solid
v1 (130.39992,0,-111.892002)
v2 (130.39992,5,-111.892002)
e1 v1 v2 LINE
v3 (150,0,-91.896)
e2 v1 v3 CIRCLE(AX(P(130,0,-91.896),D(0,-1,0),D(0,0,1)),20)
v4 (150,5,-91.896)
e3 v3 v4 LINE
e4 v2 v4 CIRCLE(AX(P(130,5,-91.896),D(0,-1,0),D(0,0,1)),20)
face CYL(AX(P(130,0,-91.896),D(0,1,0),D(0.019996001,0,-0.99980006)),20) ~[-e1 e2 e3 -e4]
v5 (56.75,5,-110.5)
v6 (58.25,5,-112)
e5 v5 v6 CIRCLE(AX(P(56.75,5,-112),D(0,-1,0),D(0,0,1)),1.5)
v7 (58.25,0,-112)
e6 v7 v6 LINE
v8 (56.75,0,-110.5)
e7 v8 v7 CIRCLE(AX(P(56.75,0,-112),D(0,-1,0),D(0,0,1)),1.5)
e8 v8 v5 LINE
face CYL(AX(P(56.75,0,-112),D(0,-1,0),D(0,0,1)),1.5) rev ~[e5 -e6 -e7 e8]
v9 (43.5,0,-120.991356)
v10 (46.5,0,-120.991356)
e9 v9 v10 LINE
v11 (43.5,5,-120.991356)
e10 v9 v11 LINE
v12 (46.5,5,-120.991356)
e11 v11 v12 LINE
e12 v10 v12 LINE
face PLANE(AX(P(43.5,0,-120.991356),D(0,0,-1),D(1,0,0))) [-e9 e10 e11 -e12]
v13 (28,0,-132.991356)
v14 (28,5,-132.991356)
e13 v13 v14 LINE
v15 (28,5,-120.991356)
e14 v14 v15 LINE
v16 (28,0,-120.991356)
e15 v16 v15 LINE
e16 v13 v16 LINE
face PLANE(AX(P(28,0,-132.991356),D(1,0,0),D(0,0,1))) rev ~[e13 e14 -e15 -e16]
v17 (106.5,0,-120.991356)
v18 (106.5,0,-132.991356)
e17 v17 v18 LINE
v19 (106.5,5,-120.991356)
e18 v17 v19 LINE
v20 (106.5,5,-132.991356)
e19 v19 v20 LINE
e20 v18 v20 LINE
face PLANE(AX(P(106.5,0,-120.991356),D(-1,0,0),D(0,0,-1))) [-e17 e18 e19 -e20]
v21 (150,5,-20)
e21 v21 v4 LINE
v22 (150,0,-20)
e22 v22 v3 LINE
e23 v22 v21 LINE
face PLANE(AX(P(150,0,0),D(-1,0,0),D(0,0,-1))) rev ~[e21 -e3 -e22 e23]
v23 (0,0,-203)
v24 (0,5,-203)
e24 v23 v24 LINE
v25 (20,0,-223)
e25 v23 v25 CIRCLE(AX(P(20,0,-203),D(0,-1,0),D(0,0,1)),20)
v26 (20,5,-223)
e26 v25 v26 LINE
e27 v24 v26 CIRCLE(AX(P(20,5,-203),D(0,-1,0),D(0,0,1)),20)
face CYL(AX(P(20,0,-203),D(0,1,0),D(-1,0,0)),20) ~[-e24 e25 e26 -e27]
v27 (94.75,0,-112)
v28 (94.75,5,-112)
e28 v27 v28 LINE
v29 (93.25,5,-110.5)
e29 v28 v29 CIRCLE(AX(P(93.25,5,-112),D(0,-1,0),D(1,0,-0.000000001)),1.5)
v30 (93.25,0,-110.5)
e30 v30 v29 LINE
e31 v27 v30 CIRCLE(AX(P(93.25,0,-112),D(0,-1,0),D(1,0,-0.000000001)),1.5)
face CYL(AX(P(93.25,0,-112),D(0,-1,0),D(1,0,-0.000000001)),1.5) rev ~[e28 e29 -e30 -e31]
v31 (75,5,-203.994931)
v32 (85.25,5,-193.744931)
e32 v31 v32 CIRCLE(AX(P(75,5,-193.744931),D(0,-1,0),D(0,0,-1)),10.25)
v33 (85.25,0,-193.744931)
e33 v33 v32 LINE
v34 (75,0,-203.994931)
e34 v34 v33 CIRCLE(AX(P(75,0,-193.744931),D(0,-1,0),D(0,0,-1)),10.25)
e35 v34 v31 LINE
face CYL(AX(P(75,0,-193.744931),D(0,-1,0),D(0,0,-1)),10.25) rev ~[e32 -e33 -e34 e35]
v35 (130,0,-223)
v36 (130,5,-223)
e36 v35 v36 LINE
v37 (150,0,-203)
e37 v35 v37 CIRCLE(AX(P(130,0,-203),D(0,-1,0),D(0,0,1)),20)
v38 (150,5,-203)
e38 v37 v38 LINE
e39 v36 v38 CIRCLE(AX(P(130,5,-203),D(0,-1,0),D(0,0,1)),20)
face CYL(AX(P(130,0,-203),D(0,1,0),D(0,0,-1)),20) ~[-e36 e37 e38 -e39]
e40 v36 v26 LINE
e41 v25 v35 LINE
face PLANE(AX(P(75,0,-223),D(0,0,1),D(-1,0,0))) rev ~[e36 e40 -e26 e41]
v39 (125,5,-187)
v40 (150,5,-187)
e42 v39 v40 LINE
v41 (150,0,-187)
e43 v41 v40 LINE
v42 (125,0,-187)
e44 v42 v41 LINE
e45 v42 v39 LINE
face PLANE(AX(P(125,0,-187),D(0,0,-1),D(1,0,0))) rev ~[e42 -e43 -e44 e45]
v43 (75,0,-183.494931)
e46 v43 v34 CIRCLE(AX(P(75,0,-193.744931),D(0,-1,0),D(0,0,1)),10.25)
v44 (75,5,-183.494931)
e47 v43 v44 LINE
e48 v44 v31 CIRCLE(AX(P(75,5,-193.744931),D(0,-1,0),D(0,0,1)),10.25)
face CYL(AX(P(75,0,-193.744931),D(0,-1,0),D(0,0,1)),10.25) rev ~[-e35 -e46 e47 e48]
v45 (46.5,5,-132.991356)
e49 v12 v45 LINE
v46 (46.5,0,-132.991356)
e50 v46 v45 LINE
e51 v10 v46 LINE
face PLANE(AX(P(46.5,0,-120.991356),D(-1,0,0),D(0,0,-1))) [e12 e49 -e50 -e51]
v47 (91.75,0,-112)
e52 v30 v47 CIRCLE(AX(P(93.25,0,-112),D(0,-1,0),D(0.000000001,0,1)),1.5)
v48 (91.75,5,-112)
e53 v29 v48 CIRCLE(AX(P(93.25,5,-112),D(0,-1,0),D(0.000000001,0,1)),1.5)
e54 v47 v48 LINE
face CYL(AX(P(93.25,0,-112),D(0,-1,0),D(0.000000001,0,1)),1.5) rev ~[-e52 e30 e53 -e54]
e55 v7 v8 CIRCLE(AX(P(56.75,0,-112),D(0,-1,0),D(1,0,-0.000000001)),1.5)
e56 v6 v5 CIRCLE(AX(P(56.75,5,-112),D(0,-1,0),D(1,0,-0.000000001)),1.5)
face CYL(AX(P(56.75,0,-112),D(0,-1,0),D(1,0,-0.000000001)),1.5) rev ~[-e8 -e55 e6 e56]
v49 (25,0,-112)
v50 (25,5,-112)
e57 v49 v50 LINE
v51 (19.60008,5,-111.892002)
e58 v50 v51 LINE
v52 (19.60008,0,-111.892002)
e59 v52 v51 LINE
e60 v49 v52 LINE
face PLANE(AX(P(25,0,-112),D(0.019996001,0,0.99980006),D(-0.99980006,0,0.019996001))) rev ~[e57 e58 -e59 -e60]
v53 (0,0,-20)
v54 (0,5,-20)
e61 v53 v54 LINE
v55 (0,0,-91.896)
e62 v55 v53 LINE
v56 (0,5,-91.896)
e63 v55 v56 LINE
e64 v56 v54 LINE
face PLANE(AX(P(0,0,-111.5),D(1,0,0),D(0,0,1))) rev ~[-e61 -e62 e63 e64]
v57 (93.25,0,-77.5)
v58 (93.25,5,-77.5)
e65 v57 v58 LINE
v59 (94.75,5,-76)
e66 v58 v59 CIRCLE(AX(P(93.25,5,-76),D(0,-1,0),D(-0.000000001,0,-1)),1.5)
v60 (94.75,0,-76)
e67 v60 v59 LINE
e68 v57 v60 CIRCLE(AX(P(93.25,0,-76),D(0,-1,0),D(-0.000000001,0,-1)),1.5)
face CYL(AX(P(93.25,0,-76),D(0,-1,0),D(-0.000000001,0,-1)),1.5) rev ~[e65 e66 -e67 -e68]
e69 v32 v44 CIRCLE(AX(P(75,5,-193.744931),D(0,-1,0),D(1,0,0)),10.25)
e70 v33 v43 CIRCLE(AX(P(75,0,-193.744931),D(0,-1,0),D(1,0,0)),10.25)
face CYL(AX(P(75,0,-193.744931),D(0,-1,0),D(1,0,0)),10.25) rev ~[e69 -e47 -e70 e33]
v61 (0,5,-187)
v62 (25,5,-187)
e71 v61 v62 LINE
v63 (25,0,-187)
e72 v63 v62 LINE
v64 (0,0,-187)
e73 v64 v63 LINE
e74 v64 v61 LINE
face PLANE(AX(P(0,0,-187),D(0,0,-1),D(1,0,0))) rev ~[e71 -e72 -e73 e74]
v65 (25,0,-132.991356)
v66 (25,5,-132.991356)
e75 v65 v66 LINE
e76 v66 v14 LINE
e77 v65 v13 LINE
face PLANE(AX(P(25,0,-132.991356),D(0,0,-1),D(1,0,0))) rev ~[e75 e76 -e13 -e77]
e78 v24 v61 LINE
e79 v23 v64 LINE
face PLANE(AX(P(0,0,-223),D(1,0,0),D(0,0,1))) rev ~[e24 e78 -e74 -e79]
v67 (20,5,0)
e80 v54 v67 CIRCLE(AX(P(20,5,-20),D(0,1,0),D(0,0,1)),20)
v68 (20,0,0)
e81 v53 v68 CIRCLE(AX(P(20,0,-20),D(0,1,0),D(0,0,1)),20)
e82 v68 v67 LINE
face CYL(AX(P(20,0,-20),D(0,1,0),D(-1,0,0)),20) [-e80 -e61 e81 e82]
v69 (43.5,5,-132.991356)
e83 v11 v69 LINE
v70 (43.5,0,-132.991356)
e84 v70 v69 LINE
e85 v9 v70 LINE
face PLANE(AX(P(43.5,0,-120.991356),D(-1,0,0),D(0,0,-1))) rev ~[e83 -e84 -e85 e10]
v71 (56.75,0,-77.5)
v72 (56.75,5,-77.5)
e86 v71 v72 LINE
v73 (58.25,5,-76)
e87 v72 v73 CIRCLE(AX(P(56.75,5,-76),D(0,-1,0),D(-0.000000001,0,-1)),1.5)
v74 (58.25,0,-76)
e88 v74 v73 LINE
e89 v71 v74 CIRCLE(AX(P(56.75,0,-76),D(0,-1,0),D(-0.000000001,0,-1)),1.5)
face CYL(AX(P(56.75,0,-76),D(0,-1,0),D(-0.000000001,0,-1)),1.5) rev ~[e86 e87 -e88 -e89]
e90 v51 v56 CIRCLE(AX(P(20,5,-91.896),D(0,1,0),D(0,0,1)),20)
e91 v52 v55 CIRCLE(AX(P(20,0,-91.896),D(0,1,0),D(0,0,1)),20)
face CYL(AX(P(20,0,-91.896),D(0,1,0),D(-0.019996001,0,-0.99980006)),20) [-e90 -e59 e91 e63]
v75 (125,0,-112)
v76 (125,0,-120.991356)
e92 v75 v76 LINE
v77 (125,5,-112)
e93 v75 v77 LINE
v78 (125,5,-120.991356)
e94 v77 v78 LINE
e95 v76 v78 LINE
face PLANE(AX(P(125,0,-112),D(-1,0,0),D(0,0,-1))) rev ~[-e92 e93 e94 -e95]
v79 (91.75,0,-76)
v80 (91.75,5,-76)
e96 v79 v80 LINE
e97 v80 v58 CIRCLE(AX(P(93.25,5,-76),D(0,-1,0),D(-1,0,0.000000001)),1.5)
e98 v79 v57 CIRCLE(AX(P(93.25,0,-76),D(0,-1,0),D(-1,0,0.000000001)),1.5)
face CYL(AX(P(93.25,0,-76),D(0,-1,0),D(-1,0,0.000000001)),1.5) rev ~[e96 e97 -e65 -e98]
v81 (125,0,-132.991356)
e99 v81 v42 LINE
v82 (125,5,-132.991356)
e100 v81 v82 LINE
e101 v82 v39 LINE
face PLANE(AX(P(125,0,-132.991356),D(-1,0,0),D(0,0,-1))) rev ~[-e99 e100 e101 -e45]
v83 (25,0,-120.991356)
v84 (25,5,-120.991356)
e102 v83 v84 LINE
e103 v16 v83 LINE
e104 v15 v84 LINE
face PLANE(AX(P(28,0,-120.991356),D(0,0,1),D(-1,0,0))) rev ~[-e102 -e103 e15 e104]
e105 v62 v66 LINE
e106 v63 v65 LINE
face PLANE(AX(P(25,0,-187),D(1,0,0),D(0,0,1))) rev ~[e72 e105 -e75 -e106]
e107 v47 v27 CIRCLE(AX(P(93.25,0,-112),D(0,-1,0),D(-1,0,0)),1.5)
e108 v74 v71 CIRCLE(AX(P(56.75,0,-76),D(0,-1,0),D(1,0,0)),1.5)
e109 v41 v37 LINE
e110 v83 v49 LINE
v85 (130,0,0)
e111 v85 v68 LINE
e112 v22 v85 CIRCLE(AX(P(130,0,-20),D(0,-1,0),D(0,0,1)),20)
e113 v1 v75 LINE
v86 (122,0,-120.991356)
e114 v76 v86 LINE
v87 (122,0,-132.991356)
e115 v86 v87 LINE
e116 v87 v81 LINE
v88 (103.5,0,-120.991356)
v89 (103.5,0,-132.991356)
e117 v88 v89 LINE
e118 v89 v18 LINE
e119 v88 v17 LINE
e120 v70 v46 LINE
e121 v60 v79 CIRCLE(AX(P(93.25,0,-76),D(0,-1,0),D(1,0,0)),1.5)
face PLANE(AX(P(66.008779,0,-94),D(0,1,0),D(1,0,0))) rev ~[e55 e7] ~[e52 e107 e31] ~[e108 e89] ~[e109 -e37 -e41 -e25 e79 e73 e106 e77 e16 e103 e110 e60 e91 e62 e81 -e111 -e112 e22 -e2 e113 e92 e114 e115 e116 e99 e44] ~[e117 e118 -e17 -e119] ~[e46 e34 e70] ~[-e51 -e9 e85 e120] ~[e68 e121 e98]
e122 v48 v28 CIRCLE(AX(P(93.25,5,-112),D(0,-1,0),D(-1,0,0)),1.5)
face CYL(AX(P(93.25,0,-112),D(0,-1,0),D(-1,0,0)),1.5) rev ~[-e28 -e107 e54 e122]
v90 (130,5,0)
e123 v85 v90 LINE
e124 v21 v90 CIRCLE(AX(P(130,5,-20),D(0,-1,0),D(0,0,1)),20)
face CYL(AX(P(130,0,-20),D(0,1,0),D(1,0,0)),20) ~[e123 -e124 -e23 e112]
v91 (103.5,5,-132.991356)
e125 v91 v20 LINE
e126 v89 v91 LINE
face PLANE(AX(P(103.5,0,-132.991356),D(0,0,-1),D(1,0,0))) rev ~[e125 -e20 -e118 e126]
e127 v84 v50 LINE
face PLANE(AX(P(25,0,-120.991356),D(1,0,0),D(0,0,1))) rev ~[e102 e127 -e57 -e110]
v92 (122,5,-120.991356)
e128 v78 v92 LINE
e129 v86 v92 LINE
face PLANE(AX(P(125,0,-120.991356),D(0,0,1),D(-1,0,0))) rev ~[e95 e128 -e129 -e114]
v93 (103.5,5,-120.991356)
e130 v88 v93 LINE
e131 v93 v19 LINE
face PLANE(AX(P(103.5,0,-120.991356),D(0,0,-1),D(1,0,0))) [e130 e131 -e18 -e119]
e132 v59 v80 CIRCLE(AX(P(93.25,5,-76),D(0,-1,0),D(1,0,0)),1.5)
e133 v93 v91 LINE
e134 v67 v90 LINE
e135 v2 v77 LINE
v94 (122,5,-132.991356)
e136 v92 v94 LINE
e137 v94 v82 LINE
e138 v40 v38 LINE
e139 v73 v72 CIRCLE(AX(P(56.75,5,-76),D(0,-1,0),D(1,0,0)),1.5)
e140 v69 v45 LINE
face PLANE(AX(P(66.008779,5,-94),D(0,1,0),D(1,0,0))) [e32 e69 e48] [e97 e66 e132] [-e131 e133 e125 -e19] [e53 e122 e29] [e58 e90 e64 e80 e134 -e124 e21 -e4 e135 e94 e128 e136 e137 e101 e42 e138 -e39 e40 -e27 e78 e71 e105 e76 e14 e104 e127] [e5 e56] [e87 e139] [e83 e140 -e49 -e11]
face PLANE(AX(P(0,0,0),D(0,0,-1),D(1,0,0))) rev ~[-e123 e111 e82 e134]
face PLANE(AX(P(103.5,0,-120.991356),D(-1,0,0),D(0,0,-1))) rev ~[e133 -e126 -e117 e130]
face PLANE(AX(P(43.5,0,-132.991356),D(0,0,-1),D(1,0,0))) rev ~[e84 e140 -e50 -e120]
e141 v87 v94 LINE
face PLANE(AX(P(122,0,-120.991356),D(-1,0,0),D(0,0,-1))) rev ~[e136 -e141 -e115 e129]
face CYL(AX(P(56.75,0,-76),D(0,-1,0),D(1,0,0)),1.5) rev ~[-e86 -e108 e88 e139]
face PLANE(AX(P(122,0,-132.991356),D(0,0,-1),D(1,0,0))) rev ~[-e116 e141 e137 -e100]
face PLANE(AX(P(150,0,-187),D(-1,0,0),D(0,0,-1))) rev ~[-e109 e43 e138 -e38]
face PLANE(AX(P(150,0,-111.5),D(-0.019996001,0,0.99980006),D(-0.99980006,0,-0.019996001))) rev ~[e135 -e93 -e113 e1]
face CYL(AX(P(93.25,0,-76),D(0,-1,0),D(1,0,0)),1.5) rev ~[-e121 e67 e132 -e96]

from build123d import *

# Parameters (mm, degrees)
SKETCH1_W           = 3
SKETCH1_H           = 12
BOSS_EXTRUDE1_DEPTH = 5
FILLET3_R           = 20
FILLET4_R           = 20
FILLET5_R           = 20


with BuildPart() as part:
    # Sketch1 → Boss-Extrude1 (new body)
    # profile 1 of 4: a face of its own
    with BuildSketch(Plane(origin=(0, 0, 0), x_dir=(1, 0, 0), z_dir=(0, 1, 0))):
        with BuildLine():
            Line((0, 0), (75, 0))
            Line((75, 0), (75, 76))
            Line((75, 76), (58.25, 76))
            ThreePointArc((58.25, 76), (55.689339828, 74.939339828), (56.75, 77.5))
            Line((56.75, 77.5), (56.75, 110.5))
            ThreePointArc((56.75, 110.5), (55.689339828, 113.060660172), (58.25, 112))
            Line((58.25, 112), (75, 112))
            Line((75, 112), (75, 183.494931242))
            ThreePointArc((75, 183.494931242), (64.75, 193.744931242), (75, 203.994931242))
            Line((75, 203.994931242), (75, 223))
            Line((75, 223), (25, 223))
            Line((25, 223), (0, 223))
            Line((0, 223), (0, 187))
            Line((0, 187), (25, 187))
            Line((25, 187), (25, 132.991356344))
            Line((25, 132.991356344), (28, 132.991356344))
            Line((28, 132.991356344), (28, 120.991356344))
            Line((28, 120.991356344), (25, 120.991356344))
            Line((25, 120.991356344), (25, 112))
            Line((25, 112), (0, 111.5))
            Line((0, 111.5), (0, 0))
        make_face()
        with Locations((45, 126.991356344)):
            Rectangle(SKETCH1_W, SKETCH1_H, mode=Mode.SUBTRACT)
    # profile 2 of 4: a face of its own
    with BuildSketch(Plane(origin=(0, 0, 0), x_dir=(1, 0, 0), z_dir=(0, 1, 0))):
        with BuildLine():
            Line((75, 76), (75, 0))
            Line((75, 0), (150, 0))
            Line((150, 0), (150, 111.5))
            Line((150, 111.5), (125, 112))
            Line((125, 112), (125, 120.991356344))
            Line((125, 120.991356344), (122, 120.991356344))
            Line((122, 120.991356344), (122, 132.991356344))
            Line((122, 132.991356344), (125, 132.991356344))
            Line((125, 132.991356344), (125, 187))
            Line((125, 187), (150, 187))
            Line((150, 187), (150, 223))
            Line((150, 223), (75, 223))
            Line((75, 223), (75, 203.994931242))
            ThreePointArc((75, 203.994931242), (82.247844507, 200.992775749), (85.25, 193.744931242))
            ThreePointArc((85.25, 193.744931242), (82.247844507, 186.497086735), (75, 183.494931242))
            Line((75, 183.494931242), (75, 112))
            Line((75, 112), (91.75, 112))
            ThreePointArc((91.75, 112), (93.25, 113.5), (94.75, 112))
            ThreePointArc((94.75, 112), (94.310660172, 110.939339828), (93.25, 110.5))
            Line((93.25, 110.5), (93.25, 77.5))
            ThreePointArc((93.25, 77.5), (94.310660172, 77.060660172), (94.75, 76))
            ThreePointArc((94.75, 76), (93.25, 74.5), (91.75, 76))
            Line((91.75, 76), (75, 76))
        make_face()
        with Locations((105, 126.991356344)):
            Rectangle(SKETCH1_W, SKETCH1_H, mode=Mode.SUBTRACT)
    # profile 3 of 4: a face of its own
    with BuildSketch(Plane(origin=(0, 0, 0), x_dir=(1, 0, 0), z_dir=(0, 1, 0))):
        with BuildLine():
            Line((75, 112), (75, 76))
            Line((75, 76), (91.75, 76))
            ThreePointArc((91.75, 76), (92.189339828, 77.060660172), (93.25, 77.5))
            Line((93.25, 77.5), (93.25, 110.5))
            ThreePointArc((93.25, 110.5), (92.189339828, 110.939339828), (91.75, 112))
            Line((91.75, 112), (75, 112))
        make_face()
    # profile 4 of 4: a face of its own
    with BuildSketch(Plane(origin=(0, 0, 0), x_dir=(1, 0, 0), z_dir=(0, 1, 0))):
        with BuildLine():
            Line((58.25, 76), (75, 76))
            Line((75, 76), (75, 112))
            Line((75, 112), (58.25, 112))
            ThreePointArc((58.25, 112), (57.810660172, 110.939339828), (56.75, 110.5))
            Line((56.75, 110.5), (56.75, 77.5))
            ThreePointArc((56.75, 77.5), (57.810660172, 77.060660172), (58.25, 76))
        make_face()
    extrude(amount=BOSS_EXTRUDE1_DEPTH)

    # Fillet3
    fillet3_edges = [part.edges().sort_by_distance(p)[0] for p in [
        (0, 2.5, -223),
    ]]
    fillet(fillet3_edges, radius=FILLET3_R)

    # Fillet4
    fillet4_edges = [part.edges().sort_by_distance(p)[0] for p in [
        (150, 2.5, -223),
    ]]
    fillet(fillet4_edges, radius=FILLET4_R)

    # Fillet5
    fillet5_edges = [part.edges().sort_by_distance(p)[0] for p in [
        (150, 2.5, -111.5),
        (150, 2.5, 0),
        (0, 2.5, 0),
        (0, 2.5, -111.5),
    ]]
    fillet(fillet5_edges, radius=FILLET5_R)


solid = part.part
